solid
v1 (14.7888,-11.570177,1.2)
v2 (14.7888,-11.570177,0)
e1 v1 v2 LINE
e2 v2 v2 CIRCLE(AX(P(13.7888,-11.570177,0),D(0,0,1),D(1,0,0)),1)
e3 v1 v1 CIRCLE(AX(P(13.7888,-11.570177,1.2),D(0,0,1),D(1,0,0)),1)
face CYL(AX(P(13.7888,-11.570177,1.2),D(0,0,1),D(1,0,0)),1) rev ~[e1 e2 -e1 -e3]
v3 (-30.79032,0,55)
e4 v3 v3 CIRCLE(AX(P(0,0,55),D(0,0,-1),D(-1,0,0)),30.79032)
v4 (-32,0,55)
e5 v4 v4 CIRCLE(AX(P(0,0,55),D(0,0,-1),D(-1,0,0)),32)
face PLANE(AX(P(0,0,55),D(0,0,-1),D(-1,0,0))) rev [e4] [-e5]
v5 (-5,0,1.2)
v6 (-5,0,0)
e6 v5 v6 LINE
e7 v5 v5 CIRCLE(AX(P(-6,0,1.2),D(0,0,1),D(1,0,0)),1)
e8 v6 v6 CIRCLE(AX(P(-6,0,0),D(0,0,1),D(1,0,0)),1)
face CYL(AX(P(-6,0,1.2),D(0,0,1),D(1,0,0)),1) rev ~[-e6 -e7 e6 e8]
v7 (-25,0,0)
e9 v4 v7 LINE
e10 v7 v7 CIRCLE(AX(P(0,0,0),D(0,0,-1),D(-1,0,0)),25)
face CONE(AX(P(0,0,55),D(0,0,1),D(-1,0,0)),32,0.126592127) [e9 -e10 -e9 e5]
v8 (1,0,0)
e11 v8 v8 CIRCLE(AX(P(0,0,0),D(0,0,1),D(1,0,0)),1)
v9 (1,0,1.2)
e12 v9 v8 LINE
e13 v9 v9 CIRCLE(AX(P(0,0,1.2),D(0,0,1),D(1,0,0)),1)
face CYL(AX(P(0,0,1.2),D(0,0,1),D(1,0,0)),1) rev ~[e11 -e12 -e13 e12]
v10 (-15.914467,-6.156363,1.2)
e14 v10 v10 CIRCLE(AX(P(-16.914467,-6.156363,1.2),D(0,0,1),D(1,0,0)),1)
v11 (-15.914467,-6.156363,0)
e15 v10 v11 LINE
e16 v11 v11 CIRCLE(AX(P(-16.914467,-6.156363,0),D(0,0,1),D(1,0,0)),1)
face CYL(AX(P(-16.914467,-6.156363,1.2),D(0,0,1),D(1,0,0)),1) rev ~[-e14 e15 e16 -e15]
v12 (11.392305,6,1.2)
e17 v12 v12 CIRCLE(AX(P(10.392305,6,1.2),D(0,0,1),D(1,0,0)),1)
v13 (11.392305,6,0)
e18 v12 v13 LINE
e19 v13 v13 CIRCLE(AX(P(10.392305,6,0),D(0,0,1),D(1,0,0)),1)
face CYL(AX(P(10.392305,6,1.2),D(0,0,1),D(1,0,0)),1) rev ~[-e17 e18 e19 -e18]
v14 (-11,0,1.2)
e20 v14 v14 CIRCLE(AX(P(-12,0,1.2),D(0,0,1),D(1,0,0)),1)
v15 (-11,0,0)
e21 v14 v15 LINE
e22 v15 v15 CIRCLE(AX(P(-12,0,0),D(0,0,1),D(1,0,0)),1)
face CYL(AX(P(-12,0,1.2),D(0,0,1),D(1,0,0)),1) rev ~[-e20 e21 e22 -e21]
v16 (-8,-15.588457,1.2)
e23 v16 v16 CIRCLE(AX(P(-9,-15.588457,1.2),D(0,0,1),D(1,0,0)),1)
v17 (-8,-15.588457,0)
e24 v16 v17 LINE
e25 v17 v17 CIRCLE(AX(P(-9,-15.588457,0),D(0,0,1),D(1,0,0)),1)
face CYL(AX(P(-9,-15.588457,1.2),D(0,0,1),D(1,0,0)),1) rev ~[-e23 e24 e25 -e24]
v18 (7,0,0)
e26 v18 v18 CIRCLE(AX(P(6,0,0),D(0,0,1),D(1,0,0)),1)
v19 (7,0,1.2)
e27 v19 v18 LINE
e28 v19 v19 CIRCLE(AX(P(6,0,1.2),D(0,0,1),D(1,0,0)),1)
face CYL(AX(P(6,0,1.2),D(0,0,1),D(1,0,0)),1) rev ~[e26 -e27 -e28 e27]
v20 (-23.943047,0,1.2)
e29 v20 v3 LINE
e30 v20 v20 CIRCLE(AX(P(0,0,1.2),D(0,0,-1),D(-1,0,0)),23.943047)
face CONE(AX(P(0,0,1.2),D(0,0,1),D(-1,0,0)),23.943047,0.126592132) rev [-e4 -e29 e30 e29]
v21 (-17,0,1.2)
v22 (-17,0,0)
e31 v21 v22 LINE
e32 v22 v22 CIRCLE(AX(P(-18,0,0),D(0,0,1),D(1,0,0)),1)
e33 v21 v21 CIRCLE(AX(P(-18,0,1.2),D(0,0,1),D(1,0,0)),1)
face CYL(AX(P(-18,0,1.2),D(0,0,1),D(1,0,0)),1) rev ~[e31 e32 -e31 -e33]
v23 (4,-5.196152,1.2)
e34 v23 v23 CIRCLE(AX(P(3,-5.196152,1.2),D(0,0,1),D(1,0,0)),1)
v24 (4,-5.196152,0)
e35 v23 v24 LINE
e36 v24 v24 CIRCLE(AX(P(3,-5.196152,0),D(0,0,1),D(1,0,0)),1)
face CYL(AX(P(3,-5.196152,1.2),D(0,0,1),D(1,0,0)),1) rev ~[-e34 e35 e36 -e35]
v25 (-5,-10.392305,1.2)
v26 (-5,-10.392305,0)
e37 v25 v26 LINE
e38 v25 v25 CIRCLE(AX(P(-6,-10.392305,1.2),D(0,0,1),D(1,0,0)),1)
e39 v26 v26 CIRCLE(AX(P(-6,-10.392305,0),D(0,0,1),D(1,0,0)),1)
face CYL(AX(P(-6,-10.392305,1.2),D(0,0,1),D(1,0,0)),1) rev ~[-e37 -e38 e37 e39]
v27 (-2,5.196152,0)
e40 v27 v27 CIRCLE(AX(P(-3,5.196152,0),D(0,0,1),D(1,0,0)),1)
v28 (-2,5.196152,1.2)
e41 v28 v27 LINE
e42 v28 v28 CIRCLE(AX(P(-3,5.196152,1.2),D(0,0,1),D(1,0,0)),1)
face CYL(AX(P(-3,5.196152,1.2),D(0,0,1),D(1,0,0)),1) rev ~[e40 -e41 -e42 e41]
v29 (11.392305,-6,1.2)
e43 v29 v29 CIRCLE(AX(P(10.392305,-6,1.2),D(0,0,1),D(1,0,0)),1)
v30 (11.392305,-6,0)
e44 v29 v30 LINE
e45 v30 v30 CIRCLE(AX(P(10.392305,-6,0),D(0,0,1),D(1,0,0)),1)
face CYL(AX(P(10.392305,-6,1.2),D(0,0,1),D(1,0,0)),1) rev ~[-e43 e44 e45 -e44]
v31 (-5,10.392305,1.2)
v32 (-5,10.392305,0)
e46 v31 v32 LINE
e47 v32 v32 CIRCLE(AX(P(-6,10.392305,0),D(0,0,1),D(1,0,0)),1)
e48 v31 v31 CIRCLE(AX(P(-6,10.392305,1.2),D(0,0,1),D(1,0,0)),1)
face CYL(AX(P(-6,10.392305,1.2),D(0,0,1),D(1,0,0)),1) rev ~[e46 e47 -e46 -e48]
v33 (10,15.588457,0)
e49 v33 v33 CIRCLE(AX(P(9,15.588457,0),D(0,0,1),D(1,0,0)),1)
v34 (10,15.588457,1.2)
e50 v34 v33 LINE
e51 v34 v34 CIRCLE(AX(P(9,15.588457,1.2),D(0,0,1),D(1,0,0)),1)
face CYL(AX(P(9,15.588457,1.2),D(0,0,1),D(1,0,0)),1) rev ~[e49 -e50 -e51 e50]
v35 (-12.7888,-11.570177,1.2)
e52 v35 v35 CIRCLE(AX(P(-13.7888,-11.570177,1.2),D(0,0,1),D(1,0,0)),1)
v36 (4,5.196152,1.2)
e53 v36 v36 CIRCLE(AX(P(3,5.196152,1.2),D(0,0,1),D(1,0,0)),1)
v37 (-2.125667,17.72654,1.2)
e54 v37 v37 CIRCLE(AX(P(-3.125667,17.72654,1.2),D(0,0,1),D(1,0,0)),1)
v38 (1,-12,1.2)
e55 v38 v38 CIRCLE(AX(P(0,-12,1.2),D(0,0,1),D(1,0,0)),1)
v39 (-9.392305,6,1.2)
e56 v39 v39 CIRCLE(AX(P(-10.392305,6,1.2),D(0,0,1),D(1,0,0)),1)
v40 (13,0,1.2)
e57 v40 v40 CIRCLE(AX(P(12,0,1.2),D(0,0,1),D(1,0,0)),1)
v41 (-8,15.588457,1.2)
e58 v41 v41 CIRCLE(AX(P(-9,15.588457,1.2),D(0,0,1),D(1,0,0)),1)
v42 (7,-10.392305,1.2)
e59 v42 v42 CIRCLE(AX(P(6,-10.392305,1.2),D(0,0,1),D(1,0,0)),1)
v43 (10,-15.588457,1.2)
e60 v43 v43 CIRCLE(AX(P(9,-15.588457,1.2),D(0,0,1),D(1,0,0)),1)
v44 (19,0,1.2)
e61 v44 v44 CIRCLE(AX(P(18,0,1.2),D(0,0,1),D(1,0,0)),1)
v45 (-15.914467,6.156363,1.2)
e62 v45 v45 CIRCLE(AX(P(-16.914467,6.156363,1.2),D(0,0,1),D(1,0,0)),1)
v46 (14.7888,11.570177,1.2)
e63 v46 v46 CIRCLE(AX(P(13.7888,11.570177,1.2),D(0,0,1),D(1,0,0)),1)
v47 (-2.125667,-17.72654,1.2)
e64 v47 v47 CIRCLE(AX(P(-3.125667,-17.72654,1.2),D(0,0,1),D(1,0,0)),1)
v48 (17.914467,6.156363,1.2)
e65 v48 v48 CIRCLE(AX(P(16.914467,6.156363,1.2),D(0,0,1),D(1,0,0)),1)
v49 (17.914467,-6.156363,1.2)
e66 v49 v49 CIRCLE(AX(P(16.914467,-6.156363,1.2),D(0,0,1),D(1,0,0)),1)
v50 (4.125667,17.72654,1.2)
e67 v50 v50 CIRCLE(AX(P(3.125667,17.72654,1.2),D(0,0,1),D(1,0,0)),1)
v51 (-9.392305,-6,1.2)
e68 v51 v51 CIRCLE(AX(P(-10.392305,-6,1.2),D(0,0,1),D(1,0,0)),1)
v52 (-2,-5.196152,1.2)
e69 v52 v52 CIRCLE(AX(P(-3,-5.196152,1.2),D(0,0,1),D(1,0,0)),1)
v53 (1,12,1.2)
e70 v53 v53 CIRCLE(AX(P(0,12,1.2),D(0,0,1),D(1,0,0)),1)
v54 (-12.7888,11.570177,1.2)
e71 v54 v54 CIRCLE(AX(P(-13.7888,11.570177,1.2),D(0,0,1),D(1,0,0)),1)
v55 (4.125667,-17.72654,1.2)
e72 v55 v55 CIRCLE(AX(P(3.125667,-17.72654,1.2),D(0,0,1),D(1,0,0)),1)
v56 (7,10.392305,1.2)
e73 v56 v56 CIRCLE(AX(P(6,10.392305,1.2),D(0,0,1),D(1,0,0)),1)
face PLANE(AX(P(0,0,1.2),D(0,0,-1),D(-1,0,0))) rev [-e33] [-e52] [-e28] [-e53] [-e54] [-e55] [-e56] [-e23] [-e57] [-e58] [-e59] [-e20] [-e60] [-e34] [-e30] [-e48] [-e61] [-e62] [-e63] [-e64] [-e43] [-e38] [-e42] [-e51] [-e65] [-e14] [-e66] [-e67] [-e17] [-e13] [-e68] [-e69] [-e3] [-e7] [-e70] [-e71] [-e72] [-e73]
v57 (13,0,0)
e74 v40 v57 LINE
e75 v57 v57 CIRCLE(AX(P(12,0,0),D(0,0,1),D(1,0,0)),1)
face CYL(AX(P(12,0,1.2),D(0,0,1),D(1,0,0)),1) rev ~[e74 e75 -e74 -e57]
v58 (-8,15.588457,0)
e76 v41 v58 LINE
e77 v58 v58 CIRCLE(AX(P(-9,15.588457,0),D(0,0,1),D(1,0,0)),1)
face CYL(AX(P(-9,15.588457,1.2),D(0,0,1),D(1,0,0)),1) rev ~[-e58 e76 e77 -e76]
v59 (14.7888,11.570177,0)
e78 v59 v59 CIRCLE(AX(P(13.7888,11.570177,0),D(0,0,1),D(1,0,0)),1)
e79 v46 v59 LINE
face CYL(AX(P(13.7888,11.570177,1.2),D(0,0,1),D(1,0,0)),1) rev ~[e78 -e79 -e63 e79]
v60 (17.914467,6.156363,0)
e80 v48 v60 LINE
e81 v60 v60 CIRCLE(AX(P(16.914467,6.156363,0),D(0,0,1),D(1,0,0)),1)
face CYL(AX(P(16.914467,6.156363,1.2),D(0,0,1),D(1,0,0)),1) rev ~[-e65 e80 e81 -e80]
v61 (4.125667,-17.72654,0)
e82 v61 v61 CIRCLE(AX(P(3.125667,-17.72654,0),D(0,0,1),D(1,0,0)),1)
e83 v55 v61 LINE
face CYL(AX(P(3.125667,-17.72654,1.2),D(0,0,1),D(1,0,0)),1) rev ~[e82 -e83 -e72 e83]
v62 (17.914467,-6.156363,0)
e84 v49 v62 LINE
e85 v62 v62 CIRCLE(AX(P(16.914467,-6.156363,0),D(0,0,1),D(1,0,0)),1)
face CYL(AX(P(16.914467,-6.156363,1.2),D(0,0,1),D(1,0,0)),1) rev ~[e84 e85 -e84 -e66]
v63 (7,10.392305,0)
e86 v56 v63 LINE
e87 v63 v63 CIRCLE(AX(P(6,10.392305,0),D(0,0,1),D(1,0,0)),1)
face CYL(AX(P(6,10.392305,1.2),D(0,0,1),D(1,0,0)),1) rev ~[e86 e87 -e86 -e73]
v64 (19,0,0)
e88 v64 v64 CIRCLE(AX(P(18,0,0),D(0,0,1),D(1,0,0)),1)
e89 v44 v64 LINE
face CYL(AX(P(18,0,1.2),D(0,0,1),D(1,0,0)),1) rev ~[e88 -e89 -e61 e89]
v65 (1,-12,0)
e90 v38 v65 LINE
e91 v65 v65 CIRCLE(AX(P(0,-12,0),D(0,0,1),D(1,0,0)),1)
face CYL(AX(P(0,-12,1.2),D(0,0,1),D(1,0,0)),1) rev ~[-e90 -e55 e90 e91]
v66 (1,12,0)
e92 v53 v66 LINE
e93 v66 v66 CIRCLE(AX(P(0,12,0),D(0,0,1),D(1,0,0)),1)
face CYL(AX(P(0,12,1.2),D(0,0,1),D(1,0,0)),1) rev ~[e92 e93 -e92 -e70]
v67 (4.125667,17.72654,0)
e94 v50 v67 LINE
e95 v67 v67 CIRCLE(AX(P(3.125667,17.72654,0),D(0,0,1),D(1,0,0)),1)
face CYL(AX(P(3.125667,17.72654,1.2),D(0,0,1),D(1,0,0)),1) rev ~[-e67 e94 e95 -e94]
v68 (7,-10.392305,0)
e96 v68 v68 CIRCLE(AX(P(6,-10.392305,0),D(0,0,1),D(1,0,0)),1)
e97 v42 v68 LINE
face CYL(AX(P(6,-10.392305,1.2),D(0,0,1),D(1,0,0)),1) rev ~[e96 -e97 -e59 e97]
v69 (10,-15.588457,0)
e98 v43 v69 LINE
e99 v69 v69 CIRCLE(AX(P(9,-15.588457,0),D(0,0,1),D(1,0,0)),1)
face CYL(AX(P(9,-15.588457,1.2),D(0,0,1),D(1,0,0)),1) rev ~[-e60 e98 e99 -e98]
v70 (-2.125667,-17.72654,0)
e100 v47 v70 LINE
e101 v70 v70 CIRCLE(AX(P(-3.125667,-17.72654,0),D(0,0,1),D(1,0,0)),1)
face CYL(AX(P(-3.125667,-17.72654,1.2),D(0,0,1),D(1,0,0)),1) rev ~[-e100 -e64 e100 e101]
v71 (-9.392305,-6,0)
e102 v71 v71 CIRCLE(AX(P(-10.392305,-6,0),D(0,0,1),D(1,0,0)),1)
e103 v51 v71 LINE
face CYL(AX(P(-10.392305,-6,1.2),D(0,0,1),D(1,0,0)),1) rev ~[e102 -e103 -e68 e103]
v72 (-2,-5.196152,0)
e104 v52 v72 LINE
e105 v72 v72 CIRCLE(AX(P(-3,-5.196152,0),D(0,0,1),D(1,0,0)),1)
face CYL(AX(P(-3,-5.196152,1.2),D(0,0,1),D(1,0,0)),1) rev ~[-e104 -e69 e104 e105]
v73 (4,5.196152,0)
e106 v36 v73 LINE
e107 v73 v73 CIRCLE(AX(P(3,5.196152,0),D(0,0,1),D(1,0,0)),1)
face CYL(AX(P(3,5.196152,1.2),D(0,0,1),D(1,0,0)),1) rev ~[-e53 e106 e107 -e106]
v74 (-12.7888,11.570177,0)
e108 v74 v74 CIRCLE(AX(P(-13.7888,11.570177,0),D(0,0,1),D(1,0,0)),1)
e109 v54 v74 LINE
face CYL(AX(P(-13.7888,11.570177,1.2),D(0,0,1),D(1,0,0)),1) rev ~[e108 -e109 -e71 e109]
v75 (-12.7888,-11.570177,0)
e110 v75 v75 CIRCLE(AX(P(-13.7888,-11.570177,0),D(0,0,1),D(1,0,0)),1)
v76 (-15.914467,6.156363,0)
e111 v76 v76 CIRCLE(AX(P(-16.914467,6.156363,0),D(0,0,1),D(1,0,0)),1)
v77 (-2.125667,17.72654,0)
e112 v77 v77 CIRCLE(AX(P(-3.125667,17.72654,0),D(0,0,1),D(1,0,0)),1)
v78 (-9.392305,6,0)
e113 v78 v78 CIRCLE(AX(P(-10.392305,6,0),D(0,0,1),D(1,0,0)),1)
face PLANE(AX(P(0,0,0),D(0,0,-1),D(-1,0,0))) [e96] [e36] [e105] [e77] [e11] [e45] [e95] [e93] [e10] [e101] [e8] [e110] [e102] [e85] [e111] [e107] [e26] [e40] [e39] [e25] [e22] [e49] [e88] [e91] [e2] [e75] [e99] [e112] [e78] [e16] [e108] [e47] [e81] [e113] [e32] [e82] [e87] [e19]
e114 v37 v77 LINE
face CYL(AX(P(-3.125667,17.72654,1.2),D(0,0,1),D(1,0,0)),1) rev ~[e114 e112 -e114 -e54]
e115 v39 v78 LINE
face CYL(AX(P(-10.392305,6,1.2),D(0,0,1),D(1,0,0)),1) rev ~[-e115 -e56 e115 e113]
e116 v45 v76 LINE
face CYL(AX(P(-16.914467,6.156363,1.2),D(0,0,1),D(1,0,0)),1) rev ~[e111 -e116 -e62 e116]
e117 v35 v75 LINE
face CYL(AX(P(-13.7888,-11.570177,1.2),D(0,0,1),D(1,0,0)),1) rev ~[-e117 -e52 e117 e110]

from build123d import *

# Parameters (mm, degrees)
F2_R     = 1
F3_DEPTH = 1.2


with BuildPart() as f1:
    # F0 (on Front) → F1 (revolve)
    with BuildSketch(Plane.XZ):
        Polygon((-30.79032, 55), (-32, 55), (-25, 0), (0, 0), (0, 1.2), (-23.943047, 1.2), align=None)
    revolve(axis=Axis((0, 0, 21.285141), (0, 0, -1)))

    # F2 (on face) → F3 (cut, through all)
    with BuildSketch(Plane.XY.offset(1.2)):
        Circle(F2_R)
        with Locations((6, 0)):
            Circle(F2_R)
        with Locations((3, 5.196152)):
            Circle(F2_R)
        with Locations((-3, 5.196152)):
            Circle(F2_R)
        with Locations((-6, 0)):
            Circle(F2_R)
        with Locations((-3, -5.196152)):
            Circle(F2_R)
        with Locations((3, -5.196152)):
            Circle(F2_R)
        with Locations((12, 0)):
            Circle(F2_R)
        with Locations((10.392305, 6)):
            Circle(F2_R)
        with Locations((6, 10.392305)):
            Circle(F2_R)
        with Locations((0, 12)):
            Circle(F2_R)
        with Locations((-6, 10.392305)):
            Circle(F2_R)
        with Locations((-10.392305, 6)):
            Circle(F2_R)
        with Locations((-12, 0)):
            Circle(F2_R)
        with Locations((-10.392305, -6)):
            Circle(F2_R)
        with Locations((-6, -10.392305)):
            Circle(F2_R)
        with Locations((0, -12)):
            Circle(F2_R)
        with Locations((6, -10.392305)):
            Circle(F2_R)
        with Locations((10.392305, -6)):
            Circle(F2_R)
        with Locations((18, 0)):
            Circle(F2_R)
        with Locations((16.914467, 6.156363)):
            Circle(F2_R)
        with Locations((13.7888, 11.570177)):
            Circle(F2_R)
        with Locations((9, 15.588457)):
            Circle(F2_R)
        with Locations((3.125667, 17.72654)):
            Circle(F2_R)
        with Locations((-3.125667, 17.72654)):
            Circle(F2_R)
        with Locations((-9, 15.588457)):
            Circle(F2_R)
        with Locations((-13.7888, 11.570177)):
            Circle(F2_R)
        with Locations((-16.914467, 6.156363)):
            Circle(F2_R)
        with Locations((-18, 0)):
            Circle(F2_R)
        with Locations((-16.914467, -6.156363)):
            Circle(F2_R)
        with Locations((-13.7888, -11.570177)):
            Circle(F2_R)
        with Locations((-9, -15.588457)):
            Circle(F2_R)
        with Locations((-3.125667, -17.72654)):
            Circle(F2_R)
        with Locations((3.125667, -17.72654)):
            Circle(F2_R)
        with Locations((9, -15.588457)):
            Circle(F2_R)
        with Locations((13.7888, -11.570177)):
            Circle(F2_R)
        with Locations((16.914467, -6.156363)):
            Circle(F2_R)
    extrude(amount=-F3_DEPTH, mode=Mode.SUBTRACT)


solid = f1.part
